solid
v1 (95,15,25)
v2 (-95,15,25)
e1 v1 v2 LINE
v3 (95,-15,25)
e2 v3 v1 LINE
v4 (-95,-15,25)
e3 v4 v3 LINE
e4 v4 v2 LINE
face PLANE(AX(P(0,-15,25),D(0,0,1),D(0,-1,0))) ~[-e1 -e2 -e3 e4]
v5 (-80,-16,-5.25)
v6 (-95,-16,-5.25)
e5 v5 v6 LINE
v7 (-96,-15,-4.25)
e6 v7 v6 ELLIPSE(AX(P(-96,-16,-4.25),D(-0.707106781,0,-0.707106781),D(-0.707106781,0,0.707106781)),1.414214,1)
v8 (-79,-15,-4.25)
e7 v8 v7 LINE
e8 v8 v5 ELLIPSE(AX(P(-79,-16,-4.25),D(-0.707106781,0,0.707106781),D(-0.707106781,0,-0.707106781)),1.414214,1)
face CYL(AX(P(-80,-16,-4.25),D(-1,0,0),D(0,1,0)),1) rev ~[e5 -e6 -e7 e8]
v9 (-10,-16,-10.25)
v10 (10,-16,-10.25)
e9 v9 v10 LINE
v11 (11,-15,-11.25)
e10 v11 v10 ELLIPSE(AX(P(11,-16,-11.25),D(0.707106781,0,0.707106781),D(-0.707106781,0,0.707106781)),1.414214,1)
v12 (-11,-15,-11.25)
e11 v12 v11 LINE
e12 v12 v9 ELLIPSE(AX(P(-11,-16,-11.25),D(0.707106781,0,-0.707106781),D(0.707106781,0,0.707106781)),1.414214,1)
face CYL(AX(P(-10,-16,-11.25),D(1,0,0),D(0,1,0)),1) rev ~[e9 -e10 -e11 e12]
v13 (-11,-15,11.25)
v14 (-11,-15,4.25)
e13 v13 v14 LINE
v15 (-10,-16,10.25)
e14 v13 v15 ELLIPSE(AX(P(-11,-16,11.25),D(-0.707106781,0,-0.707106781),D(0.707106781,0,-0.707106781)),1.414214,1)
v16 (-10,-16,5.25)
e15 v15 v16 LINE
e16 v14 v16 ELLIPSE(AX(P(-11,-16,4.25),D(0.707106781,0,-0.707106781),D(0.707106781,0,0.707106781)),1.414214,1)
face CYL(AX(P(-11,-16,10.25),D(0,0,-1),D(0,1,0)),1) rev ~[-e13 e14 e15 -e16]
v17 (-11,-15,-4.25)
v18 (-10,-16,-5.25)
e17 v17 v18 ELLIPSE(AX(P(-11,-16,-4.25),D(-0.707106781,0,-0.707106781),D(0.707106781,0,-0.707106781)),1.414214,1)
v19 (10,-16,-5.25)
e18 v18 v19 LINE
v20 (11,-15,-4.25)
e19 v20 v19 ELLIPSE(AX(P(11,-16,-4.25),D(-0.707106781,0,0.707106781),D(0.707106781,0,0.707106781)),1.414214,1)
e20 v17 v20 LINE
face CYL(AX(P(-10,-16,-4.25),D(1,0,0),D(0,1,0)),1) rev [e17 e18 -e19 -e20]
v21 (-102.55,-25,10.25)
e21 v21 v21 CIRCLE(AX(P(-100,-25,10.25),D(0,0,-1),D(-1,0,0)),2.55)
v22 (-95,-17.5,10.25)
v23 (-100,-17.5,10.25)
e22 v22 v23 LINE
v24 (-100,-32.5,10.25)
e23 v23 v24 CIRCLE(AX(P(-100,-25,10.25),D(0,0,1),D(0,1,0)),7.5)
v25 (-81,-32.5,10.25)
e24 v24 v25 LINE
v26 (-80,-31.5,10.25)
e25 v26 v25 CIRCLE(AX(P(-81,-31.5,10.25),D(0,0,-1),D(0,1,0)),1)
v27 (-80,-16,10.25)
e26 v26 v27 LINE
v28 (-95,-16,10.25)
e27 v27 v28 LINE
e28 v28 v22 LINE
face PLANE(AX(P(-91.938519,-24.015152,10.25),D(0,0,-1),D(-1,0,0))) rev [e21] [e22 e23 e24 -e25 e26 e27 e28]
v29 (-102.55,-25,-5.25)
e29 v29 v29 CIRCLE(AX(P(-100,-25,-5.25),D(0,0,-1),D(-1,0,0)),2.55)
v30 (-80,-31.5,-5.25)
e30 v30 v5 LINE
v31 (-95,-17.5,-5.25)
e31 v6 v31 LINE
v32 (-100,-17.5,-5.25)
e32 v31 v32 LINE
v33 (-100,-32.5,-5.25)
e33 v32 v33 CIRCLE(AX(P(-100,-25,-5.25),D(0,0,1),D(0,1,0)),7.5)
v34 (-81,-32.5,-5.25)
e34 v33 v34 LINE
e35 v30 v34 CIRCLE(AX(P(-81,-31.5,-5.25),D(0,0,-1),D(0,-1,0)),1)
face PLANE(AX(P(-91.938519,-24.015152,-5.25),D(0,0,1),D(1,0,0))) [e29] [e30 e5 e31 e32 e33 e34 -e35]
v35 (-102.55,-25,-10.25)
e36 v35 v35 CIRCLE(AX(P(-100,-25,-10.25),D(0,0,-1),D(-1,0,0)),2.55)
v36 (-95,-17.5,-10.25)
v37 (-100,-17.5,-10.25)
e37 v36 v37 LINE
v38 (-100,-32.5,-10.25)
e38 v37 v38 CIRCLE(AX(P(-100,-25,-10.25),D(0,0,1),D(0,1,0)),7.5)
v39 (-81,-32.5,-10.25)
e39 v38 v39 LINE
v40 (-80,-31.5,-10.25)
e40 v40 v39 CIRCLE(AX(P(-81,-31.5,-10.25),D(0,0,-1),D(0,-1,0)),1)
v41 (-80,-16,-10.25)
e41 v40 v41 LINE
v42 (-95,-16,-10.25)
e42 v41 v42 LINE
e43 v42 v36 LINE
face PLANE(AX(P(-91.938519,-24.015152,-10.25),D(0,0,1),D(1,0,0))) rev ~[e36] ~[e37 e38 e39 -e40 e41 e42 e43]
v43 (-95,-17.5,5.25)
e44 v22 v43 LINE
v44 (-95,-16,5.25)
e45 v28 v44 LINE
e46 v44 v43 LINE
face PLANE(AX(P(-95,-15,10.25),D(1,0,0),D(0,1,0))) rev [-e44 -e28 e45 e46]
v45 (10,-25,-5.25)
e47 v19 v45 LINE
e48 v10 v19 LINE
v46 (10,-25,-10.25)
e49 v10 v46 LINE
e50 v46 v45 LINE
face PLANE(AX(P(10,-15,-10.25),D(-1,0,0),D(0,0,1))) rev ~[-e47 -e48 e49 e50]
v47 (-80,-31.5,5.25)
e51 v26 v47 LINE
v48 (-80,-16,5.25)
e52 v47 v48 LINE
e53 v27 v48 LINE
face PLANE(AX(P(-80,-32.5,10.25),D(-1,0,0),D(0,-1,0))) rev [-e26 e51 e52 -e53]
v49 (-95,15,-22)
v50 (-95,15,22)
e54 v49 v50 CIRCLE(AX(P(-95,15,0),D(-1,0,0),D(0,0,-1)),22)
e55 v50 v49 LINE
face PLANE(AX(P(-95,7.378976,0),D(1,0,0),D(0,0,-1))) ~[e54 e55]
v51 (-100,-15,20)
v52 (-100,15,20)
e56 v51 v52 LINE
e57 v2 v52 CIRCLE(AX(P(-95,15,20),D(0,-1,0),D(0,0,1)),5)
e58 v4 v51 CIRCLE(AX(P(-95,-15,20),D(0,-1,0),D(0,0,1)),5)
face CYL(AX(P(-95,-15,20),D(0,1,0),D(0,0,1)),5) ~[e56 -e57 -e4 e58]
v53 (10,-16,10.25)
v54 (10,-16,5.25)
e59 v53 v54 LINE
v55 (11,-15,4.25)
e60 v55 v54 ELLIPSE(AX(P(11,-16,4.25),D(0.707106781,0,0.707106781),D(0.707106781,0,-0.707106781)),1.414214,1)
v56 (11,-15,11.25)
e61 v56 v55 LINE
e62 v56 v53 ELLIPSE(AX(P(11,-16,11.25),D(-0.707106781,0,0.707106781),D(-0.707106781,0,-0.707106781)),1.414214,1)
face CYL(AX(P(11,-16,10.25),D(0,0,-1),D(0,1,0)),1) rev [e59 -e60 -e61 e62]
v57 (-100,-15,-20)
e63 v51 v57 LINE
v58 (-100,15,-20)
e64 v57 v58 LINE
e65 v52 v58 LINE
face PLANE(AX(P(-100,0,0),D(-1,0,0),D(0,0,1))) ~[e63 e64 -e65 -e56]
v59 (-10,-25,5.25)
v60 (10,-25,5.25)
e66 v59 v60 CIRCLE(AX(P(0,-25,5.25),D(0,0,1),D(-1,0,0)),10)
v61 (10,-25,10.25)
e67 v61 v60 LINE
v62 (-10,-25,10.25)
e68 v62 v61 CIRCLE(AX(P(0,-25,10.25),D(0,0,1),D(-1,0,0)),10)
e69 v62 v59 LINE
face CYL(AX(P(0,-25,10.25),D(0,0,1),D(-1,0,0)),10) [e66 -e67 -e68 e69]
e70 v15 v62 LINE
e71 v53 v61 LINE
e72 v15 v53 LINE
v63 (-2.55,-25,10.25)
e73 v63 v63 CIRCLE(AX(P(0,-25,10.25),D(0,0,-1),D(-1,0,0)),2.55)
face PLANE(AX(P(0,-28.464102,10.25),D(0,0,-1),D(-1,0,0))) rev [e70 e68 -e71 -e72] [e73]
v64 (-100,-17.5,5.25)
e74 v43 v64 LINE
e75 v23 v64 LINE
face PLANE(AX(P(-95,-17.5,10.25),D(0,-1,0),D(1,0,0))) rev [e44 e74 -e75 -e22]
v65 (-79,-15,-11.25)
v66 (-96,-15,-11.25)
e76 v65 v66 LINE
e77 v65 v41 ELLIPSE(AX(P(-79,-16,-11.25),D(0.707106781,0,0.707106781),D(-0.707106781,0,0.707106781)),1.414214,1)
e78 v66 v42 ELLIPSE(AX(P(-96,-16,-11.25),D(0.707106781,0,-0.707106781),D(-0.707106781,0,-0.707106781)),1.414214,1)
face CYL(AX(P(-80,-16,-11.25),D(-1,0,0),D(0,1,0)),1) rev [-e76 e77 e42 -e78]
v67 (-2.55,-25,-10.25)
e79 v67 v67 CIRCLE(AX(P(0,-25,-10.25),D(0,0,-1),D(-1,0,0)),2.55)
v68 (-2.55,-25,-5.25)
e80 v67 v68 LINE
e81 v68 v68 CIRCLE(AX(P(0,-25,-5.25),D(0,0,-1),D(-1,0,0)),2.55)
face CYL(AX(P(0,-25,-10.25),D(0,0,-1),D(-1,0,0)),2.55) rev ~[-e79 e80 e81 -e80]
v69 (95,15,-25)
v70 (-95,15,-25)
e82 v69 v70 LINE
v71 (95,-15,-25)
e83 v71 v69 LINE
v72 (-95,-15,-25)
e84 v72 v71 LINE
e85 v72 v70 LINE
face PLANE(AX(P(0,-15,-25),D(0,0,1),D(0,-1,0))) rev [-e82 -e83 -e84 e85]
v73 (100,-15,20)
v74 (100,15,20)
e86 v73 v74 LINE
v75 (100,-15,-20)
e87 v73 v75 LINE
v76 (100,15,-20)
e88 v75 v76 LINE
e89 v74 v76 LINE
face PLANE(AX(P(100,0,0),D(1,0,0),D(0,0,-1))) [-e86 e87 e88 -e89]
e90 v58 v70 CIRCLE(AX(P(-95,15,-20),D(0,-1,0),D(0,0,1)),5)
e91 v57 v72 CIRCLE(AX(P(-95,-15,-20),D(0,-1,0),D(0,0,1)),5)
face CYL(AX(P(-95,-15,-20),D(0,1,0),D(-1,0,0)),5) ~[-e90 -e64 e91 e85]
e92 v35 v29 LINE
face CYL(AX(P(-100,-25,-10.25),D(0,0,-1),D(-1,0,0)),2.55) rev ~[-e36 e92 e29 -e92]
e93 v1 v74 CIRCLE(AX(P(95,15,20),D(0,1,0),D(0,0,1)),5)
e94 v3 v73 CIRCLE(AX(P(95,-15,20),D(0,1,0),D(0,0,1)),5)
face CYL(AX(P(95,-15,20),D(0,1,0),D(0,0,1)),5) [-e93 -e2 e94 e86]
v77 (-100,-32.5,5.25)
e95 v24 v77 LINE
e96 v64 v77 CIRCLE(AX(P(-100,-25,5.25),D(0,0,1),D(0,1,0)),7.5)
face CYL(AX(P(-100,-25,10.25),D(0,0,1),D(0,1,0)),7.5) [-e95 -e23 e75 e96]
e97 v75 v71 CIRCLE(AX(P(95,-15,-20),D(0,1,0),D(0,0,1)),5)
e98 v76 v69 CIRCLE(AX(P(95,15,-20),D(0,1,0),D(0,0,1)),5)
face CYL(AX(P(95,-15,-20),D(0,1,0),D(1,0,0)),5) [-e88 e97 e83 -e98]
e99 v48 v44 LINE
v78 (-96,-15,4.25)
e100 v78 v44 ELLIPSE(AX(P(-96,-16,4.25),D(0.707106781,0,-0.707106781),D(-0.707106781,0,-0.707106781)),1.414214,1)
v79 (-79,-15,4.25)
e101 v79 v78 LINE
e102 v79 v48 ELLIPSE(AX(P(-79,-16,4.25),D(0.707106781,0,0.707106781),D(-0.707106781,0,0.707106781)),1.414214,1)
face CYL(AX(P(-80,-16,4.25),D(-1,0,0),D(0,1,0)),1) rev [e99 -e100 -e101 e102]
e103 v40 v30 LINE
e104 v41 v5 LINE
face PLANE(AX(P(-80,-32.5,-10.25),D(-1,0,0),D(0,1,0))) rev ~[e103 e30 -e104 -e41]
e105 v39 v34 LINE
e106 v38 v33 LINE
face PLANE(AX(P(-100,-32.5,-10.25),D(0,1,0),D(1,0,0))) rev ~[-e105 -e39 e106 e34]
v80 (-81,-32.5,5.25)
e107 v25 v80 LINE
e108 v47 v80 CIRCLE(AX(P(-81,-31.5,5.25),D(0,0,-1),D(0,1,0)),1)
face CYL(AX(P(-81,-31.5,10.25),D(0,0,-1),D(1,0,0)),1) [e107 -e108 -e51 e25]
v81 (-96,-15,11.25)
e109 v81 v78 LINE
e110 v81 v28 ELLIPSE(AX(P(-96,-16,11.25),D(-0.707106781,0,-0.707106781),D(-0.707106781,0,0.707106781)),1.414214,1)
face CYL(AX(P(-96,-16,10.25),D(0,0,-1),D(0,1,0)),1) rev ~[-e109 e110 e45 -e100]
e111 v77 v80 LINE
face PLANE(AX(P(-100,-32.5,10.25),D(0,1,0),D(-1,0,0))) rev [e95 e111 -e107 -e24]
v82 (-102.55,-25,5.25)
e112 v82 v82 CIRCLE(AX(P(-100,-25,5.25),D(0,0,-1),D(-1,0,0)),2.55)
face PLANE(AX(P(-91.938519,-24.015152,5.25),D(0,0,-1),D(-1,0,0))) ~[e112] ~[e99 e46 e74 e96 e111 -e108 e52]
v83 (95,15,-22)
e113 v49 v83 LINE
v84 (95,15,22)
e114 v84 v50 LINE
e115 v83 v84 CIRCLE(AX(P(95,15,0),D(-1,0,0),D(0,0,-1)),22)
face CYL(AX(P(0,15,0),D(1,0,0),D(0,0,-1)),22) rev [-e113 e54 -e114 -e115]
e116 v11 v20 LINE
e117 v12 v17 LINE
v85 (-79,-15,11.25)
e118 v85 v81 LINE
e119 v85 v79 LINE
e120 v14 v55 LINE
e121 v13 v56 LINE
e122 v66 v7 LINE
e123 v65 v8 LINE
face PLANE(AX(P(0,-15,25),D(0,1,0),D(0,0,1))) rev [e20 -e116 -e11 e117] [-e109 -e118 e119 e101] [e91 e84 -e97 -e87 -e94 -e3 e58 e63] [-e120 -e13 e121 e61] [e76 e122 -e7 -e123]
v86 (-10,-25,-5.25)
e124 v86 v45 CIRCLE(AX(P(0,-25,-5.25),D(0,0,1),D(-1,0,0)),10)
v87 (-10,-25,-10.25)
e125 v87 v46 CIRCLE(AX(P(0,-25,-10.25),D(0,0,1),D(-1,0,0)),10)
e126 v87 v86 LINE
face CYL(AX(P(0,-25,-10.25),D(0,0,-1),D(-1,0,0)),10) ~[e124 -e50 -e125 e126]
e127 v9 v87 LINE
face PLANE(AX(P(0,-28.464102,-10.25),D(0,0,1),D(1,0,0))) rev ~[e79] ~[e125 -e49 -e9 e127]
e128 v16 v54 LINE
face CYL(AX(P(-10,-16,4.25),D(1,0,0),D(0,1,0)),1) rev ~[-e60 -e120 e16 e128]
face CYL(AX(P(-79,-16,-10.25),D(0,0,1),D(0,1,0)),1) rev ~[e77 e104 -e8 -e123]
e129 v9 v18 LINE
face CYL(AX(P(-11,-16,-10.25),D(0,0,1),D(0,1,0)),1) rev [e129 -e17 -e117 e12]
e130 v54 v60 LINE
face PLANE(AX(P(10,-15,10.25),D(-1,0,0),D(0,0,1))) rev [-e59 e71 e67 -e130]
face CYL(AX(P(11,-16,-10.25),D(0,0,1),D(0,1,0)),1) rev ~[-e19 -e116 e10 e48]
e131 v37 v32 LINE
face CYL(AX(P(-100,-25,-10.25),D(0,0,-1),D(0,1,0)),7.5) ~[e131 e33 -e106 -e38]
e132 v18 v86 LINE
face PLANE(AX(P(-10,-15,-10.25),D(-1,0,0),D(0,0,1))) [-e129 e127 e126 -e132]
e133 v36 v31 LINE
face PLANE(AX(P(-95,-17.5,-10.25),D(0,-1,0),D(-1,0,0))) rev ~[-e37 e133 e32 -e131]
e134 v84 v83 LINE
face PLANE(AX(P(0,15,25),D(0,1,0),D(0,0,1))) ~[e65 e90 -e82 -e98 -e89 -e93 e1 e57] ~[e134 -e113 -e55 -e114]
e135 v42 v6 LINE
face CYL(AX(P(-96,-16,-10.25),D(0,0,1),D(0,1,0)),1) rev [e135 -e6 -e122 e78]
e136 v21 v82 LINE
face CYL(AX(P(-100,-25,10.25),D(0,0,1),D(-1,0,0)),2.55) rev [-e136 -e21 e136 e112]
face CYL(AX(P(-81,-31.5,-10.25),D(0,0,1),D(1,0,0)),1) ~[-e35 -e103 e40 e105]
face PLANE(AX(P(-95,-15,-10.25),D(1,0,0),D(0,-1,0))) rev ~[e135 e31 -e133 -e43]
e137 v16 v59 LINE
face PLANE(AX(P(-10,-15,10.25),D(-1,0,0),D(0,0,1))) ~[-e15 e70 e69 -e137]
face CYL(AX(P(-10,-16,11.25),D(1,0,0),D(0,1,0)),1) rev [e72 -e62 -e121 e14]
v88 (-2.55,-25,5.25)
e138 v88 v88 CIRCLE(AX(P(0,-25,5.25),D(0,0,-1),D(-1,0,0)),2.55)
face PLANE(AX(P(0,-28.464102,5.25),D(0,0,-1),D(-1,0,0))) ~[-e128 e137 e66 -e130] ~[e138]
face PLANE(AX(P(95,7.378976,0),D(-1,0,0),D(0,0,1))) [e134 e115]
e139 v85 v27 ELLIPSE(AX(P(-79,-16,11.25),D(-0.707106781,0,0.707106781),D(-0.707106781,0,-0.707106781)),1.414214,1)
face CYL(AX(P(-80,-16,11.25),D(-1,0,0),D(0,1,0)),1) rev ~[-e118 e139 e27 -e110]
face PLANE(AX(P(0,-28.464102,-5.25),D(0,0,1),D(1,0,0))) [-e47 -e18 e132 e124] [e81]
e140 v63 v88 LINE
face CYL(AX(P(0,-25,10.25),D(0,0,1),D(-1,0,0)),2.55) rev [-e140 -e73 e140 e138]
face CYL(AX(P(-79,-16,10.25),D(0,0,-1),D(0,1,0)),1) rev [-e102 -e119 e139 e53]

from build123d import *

# Parameters (mm, degrees)
SKETCH2_W           = 50
SKETCH2_H           = 30
BOSS_EXTRUDE2_DEPTH = 100
CUT_EXTRUDE1_DEPTH  = 95
SKETCH4_W           = 20
SKETCH4_H           = 5
BOSS_EXTRUDE3_DEPTH = 10
BOSS_EXTRUDE4_DEPTH = 5
SKETCH6_R           = 2.55
CUT_EXTRUDE2_DEPTH  = 5
SKETCH9_R           = 2.55
BOSS_EXTRUDE6_DEPTH = 5
FILLET1_R           = 5
FILLET3_R           = 1


with BuildPart() as part:
    # Sketch2 → Boss-Extrude2 (new body)
    with BuildSketch(Plane(origin=(0, 0, 0), x_dir=(0, 0, -1), z_dir=(1, 0, 0))):
        Rectangle(SKETCH2_W, SKETCH2_H)
    boss_extrude2 = extrude(amount=BOSS_EXTRUDE2_DEPTH)

    # Sketch3 → Cut-Extrude1 (cut)
    with BuildSketch(Plane.ZY):
        with BuildLine():
            Line((22, 15), (-22, 15))
            ThreePointArc((-22, 15), (0, -7), (22, 15))
        make_face()
    cut_extrude1 = extrude(amount=-CUT_EXTRUDE1_DEPTH, mode=Mode.SUBTRACT)

    # Mirror7: Boss-Extrude2, Cut-Extrude1 across plane
    add(boss_extrude2.mirror(Plane(origin=(0, 0, 0), x_dir=(0, 0, 1), z_dir=(1, 0, 0))))
    add(cut_extrude1.mirror(Plane(origin=(0, 0, 0), x_dir=(0, 0, 1), z_dir=(1, 0, 0))), mode=Mode.SUBTRACT)

    # Sketch4 → Boss-Extrude3 (add)
    with BuildSketch(Plane.XZ.offset(15)):
        with Locations((0, -7.75)):
            Rectangle(SKETCH4_W, SKETCH4_H)
    boss_extrude3 = extrude(amount=BOSS_EXTRUDE3_DEPTH)

    # Sketch5 → Boss-Extrude4 (add)
    with BuildSketch(Plane(origin=(0, 0, -10.25), x_dir=(-1, 0, 0), z_dir=(0, 0, -1))):
        with BuildLine():
            Line((-10, -25), (10, -25))
            ThreePointArc((10, -25), (0, -35), (-10, -25))
        make_face()
    boss_extrude4 = extrude(amount=-BOSS_EXTRUDE4_DEPTH)

    # Sketch6 → Cut-Extrude2 (cut)
    with BuildSketch(Plane(origin=(0, 0, -10.25), x_dir=(-1, 0, 0), z_dir=(0, 0, -1))):
        with Locations((0, -25)):
            Circle(SKETCH6_R)
    cut_extrude2 = extrude(amount=-CUT_EXTRUDE2_DEPTH, mode=Mode.SUBTRACT)

    # Mirror12: Boss-Extrude3, Boss-Extrude4, Cut-Extrude2 across plane
    add(boss_extrude3.mirror(Plane.XY))
    add(boss_extrude4.mirror(Plane.XY))
    add(cut_extrude2.mirror(Plane.XY), mode=Mode.SUBTRACT)

    # Sketch9 → Boss-Extrude6 (add)
    with BuildSketch(Plane(origin=(0, 0, -10.25), x_dir=(-1, 0, 0), z_dir=(0, 0, -1))):
        with BuildLine():
            Line((80, -15), (95, -15))
            Line((95, -15), (95, -17.5))
            Line((95, -17.5), (100, -17.5))
            ThreePointArc((100, -17.5), (107.5, -25), (100, -32.5))
            Line((100, -32.5), (80, -32.5))
            Line((80, -32.5), (80, -15))
        make_face()
        with Locations((100, -25)):
            Circle(SKETCH9_R, mode=Mode.SUBTRACT)
    boss_extrude6 = extrude(amount=-BOSS_EXTRUDE6_DEPTH)

    # Mirror13: Boss-Extrude6 across plane
    add(boss_extrude6.mirror(Plane.XY))

    # Fillet1
    fillet1_edges = [part.edges().sort_by_distance(p)[0] for p in [
        (100, 0, 25),
        (-100, 0, -25),
        (-100, 0, 25),
        (100, 0, -25),
    ]]
    fillet(fillet1_edges, radius=FILLET1_R)

    # Fillet3
    fillet3_edges = [part.edges().sort_by_distance(p)[0] for p in [
        (-87.5, -15, -10.25),
        (-87.5, -15, 5.25),
        (-87.5, -15, 10.25),
        (-95, -15, 7.75),
        (-80, -15, 7.75),
        (-80, -32.5, 7.75),
        (10, -15, -7.75),
        (0, -15, -5.25),
        (-10, -15, -7.75),
        (0, -15, -10.25),
        (10, -15, 7.75),
        (0, -15, 5.25),
        (-10, -15, 7.75),
        (0, -15, 10.25),
        (-95, -15, -7.75),
        (-80, -32.5, -7.75),
        (-87.5, -15, -5.25),
        (-80, -15, -7.75),
    ]]
    fillet(fillet3_edges, radius=FILLET3_R)


solid = part.part
